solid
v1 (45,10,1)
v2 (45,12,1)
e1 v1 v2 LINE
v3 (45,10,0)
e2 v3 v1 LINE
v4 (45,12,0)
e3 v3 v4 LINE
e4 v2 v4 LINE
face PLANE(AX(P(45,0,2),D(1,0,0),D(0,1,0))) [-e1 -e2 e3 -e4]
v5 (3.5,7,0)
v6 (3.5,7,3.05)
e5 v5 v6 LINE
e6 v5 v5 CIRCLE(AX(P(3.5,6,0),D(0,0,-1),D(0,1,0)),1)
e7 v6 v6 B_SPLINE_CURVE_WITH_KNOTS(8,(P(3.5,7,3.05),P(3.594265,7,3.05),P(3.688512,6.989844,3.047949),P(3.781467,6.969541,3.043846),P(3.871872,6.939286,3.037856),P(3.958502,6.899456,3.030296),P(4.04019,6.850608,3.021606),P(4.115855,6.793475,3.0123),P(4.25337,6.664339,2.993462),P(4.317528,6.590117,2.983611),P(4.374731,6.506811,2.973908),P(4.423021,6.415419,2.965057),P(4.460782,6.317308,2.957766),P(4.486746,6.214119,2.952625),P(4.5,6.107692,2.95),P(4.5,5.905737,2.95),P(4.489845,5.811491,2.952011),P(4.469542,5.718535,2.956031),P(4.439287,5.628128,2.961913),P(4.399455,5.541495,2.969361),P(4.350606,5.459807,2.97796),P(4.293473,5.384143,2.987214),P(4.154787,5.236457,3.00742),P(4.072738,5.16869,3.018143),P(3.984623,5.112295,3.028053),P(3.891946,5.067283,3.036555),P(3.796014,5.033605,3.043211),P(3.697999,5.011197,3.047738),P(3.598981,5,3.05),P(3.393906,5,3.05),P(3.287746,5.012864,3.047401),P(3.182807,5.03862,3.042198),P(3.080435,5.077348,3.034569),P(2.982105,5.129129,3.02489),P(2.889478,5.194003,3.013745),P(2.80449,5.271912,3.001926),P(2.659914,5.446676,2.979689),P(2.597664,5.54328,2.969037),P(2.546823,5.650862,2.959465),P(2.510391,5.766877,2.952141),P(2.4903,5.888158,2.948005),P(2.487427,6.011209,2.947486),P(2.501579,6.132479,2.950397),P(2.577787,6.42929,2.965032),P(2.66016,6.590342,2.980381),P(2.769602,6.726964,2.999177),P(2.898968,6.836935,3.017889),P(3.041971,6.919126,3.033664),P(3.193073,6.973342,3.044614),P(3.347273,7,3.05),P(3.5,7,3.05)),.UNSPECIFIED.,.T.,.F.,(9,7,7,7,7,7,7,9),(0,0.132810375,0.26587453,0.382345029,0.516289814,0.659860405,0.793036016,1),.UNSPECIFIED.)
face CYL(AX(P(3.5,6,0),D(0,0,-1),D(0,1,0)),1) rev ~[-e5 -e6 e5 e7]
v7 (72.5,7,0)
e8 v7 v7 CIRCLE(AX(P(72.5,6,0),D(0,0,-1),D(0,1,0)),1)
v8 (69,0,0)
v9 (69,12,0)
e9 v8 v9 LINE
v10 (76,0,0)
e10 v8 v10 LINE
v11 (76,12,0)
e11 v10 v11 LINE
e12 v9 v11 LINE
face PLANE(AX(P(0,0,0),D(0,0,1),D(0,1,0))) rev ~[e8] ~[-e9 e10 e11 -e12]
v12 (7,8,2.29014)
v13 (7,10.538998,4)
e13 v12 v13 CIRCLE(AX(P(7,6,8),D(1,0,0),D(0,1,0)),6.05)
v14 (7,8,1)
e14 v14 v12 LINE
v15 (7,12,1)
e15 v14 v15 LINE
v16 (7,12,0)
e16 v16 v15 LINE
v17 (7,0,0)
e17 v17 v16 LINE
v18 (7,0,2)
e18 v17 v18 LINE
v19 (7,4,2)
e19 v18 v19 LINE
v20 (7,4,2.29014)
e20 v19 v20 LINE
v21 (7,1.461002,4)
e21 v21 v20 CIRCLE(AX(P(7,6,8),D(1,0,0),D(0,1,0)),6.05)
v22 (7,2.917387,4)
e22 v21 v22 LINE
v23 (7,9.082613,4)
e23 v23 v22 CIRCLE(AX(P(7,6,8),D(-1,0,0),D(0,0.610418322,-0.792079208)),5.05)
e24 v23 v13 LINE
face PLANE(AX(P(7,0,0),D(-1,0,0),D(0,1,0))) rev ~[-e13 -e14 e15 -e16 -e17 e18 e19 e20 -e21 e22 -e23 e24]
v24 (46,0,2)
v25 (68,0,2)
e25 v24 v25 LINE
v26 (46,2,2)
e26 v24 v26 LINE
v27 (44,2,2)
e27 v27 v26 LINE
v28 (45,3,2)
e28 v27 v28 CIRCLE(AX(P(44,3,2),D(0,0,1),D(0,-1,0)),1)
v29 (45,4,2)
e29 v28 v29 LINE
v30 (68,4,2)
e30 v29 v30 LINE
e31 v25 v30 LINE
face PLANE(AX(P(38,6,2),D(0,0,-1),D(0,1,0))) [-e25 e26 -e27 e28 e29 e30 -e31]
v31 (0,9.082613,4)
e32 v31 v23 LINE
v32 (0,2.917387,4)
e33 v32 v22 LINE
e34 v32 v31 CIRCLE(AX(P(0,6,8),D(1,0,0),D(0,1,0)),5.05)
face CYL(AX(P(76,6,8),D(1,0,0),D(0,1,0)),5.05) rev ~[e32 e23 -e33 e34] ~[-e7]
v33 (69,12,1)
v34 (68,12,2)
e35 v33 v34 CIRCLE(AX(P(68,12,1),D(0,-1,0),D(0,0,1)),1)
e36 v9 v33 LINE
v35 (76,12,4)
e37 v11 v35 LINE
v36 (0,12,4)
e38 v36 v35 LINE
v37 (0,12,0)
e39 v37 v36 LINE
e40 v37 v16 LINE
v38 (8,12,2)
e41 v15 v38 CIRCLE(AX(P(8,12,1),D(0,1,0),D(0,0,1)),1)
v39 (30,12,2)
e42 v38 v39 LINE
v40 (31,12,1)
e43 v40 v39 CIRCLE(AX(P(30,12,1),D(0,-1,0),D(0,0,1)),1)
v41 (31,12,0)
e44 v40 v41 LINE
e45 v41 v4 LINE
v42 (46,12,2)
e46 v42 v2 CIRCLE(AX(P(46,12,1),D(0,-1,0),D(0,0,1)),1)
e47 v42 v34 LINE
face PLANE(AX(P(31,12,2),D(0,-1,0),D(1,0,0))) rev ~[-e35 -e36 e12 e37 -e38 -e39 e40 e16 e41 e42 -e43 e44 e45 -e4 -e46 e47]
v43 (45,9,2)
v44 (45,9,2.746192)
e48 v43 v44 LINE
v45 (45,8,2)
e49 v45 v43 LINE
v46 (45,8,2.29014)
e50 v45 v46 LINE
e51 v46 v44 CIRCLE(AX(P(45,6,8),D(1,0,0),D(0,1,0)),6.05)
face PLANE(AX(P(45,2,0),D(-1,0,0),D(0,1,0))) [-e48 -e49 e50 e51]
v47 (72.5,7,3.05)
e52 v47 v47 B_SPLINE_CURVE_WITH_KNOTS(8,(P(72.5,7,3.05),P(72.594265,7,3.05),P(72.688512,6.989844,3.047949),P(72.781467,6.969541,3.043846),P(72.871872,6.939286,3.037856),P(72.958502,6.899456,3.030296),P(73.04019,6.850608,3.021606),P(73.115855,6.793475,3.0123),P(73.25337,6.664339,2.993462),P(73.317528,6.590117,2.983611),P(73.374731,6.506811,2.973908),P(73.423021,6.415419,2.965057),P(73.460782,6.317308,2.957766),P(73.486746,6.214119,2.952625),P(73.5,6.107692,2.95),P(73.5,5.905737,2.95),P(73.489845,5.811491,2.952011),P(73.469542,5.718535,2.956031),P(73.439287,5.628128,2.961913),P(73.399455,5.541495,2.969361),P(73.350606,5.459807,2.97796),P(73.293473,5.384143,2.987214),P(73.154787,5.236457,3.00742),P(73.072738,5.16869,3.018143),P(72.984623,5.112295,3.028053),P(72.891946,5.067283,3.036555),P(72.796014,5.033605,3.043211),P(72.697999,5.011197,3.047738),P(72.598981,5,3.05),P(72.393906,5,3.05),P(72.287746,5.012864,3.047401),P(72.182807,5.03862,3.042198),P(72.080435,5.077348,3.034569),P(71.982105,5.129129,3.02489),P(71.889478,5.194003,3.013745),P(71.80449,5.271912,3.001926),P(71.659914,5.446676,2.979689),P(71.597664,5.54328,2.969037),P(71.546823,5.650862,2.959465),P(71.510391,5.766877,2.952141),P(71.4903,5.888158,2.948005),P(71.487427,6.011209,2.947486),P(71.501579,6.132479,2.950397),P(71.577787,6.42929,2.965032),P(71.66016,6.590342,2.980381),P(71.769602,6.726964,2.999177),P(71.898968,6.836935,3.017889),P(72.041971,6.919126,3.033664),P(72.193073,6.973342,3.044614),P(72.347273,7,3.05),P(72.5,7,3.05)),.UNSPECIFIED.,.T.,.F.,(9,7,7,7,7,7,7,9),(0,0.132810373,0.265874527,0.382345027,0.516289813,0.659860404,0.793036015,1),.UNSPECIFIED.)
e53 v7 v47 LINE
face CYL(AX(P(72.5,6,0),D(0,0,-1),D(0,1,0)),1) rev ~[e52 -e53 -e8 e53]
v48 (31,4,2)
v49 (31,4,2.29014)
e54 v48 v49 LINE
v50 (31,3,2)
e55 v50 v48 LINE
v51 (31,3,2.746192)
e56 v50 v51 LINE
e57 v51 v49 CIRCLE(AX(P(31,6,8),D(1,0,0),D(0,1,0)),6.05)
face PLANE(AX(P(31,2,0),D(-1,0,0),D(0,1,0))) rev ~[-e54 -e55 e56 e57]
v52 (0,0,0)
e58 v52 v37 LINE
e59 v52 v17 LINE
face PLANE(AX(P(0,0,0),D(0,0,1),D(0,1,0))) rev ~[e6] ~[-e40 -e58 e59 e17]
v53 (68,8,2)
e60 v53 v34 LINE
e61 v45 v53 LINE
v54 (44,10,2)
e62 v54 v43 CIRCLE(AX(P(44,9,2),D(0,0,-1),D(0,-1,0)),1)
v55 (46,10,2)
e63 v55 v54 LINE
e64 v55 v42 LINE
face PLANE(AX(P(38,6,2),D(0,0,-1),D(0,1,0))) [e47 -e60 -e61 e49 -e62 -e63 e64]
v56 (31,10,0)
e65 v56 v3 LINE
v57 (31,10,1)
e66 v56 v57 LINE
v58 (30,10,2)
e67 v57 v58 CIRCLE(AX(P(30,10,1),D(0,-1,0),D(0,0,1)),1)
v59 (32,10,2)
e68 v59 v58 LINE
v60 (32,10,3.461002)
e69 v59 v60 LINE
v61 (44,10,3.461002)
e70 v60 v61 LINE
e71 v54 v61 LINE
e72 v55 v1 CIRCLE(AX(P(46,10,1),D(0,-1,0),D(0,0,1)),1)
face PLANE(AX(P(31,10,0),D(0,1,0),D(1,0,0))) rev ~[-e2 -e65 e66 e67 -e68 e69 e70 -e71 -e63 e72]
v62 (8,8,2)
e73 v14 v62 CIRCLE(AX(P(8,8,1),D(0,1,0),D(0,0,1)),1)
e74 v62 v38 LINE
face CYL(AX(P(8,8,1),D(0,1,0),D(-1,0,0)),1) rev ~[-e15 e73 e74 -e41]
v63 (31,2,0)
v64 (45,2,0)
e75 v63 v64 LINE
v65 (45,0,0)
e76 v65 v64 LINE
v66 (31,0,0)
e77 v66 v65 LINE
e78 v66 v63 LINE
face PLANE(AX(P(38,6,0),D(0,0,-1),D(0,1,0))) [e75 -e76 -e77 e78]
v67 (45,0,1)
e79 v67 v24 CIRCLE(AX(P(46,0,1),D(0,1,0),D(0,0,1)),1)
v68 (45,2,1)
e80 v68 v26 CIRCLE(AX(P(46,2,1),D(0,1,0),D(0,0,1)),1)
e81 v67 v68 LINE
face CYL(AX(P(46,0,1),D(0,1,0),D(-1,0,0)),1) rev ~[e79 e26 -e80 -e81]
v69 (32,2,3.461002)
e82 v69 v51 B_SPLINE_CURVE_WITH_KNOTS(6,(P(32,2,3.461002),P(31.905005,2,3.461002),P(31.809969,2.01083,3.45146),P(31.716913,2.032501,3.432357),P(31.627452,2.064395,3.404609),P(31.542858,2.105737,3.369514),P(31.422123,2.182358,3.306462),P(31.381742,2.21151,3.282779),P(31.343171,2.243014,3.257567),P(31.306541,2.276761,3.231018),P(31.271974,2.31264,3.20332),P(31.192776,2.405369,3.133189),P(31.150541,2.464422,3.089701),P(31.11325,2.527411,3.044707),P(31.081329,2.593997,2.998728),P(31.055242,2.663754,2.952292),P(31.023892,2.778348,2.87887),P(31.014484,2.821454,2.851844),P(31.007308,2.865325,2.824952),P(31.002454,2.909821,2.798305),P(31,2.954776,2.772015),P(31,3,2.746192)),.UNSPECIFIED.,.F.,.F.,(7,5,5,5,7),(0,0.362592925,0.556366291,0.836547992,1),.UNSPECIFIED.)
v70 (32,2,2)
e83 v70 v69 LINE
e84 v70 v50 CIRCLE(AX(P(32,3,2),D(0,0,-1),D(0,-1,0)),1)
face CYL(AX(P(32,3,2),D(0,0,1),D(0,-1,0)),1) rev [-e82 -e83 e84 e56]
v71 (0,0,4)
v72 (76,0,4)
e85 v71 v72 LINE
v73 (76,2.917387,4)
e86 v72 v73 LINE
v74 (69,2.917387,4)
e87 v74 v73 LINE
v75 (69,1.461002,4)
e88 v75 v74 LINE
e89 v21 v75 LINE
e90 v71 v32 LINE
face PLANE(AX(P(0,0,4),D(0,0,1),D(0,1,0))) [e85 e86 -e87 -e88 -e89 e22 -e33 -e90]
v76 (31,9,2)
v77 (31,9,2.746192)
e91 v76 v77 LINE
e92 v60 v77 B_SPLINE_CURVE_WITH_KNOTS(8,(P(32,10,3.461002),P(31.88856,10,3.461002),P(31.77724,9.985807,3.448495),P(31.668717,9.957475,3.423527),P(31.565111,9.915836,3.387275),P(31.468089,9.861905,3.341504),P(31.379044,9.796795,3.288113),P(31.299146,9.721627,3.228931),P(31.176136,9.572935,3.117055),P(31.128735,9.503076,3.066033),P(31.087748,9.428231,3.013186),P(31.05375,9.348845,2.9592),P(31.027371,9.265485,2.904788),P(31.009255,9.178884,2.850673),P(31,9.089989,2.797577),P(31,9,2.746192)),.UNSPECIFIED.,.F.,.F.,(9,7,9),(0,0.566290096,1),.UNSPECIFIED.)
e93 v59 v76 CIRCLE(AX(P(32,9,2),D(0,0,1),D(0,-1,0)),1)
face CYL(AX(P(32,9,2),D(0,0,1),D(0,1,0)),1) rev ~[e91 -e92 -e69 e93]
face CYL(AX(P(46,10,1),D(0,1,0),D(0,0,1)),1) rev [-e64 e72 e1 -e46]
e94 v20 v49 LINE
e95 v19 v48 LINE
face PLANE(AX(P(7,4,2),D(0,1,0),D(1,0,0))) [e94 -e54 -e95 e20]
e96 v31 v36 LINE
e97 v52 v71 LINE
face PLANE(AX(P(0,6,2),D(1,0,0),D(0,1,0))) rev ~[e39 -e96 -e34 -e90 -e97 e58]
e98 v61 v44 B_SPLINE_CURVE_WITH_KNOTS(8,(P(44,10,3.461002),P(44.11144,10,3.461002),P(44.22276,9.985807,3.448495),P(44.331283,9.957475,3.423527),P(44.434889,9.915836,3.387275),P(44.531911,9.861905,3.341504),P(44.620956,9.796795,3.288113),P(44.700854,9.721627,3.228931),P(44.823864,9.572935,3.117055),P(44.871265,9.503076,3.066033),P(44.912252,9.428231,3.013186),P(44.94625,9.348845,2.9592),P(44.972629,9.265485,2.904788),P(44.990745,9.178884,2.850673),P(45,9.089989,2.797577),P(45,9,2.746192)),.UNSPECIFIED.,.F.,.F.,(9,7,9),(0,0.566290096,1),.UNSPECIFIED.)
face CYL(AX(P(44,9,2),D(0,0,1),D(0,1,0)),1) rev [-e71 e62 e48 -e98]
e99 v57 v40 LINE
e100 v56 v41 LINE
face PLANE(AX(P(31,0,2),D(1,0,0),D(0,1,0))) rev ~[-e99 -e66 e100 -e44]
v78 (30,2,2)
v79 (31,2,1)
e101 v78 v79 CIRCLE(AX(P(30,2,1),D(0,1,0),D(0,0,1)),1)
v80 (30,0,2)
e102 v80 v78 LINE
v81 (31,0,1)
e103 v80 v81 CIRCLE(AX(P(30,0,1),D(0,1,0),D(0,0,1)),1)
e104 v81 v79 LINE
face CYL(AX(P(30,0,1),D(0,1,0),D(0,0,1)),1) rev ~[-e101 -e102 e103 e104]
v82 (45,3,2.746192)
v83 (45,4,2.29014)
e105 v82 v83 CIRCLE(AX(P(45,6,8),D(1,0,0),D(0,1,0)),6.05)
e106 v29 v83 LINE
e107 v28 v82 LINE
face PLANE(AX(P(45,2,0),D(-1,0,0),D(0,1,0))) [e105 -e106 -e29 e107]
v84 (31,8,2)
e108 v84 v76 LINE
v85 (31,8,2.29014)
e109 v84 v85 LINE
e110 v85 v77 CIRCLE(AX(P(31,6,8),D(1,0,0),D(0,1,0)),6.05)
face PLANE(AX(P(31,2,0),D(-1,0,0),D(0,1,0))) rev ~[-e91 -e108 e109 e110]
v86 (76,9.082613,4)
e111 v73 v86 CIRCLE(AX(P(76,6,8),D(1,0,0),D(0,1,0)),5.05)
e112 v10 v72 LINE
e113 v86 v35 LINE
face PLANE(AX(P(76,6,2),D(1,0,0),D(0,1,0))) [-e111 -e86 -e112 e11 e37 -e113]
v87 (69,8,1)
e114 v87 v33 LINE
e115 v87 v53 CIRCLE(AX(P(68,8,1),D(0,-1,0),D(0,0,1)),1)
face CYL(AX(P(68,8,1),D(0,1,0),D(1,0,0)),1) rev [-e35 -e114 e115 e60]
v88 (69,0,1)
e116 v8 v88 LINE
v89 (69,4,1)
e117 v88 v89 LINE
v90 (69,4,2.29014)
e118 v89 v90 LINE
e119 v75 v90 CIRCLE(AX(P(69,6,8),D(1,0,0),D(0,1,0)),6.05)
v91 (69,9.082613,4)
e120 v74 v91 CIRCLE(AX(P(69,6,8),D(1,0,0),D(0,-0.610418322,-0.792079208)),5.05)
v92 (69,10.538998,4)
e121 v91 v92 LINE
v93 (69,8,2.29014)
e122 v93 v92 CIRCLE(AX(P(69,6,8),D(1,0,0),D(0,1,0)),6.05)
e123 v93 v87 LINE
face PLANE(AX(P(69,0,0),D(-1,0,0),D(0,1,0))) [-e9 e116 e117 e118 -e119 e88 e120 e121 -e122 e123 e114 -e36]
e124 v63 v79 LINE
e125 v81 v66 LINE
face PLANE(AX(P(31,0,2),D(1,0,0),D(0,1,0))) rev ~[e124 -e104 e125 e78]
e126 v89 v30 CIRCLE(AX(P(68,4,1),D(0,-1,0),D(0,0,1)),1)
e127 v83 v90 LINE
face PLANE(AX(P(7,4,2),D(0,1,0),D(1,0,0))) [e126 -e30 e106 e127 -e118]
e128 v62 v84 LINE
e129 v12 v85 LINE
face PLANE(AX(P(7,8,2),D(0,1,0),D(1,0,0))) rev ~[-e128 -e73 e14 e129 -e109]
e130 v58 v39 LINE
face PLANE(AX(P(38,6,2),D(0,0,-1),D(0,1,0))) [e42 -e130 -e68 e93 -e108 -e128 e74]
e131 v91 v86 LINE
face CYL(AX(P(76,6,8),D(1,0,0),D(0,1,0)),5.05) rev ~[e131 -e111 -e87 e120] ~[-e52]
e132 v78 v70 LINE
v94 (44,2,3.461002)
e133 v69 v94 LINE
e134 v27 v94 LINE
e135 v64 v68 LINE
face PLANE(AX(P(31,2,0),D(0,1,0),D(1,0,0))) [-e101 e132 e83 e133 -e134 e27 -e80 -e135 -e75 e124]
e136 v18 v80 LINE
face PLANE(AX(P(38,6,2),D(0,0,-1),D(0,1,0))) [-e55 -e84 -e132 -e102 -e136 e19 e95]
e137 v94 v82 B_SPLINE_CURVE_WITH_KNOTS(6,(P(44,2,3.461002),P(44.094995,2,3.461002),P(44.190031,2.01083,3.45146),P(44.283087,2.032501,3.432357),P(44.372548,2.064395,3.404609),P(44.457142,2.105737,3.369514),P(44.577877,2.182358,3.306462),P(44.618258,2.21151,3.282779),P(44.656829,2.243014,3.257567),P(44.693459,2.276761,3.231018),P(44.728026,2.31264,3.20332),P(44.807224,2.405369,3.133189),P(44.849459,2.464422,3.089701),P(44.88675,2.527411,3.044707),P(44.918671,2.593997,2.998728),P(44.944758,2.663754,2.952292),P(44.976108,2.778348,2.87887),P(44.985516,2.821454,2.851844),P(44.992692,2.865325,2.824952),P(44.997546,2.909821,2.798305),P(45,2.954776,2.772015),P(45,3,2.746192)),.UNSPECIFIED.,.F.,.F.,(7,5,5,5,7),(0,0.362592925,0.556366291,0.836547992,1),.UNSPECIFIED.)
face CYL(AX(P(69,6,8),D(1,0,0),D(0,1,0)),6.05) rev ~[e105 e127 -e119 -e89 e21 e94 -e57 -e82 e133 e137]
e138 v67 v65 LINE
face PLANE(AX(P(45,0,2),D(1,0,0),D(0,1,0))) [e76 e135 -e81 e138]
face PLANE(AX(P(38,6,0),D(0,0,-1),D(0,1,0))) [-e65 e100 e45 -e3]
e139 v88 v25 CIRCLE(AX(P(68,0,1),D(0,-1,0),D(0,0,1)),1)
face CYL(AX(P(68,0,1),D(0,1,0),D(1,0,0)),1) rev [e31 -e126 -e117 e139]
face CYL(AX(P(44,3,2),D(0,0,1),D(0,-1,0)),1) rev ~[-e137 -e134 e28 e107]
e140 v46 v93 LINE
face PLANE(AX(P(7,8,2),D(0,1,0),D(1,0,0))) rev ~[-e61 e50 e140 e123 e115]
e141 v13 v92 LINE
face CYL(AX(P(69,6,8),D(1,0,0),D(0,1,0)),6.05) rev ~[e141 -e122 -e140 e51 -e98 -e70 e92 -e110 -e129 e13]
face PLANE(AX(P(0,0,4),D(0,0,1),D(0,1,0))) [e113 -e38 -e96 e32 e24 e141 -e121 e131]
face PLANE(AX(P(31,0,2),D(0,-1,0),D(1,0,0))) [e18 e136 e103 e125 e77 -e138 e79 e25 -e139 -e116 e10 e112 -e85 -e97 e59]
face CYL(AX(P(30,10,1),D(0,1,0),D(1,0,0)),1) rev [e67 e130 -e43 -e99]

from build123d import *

# Parameters (mm, degrees)
SKETCH_W        = 12
SKETCH_H        = 4
PAD_DEPTH       = 76
POCKET_START    = -7
SKETCH001_R     = 6.05
POCKET_DEPTH    = 62
SKETCH002_R     = 5.05
POCKET001_DEPTH = 76.001
SKETCH003_W     = 12
SKETCH003_H     = 62
POCKET002_DEPTH = 2
SKETCH004_W     = 4
SKETCH004_H     = 62
POCKET003_DEPTH = 2.001
SKETCH005_W     = 12
SKETCH005_H     = 14
PAD001_DEPTH    = 2
SKETCH006_W     = 8
SKETCH006_H     = 14
POCKET004_DEPTH = 5
SKETCH007_R     = 1
POCKET005_DEPTH = 4.001
FILLET_R        = 1
FILLET001_R     = 1
FILLET002_R     = 1
FILLET003_R     = 1
FILLET004_R     = 1
FILLET005_R     = 1
FILLET006_R     = 1
FILLET007_R     = 1
FILLET008_R     = 1
FILLET009_R     = 1
FILLET010_R     = 1


with BuildPart() as part:
    # Sketch → Pad (new body)
    with BuildSketch(Plane.YZ):
        with Locations((6, 2)):
            Rectangle(SKETCH_W, SKETCH_H)
    extrude(amount=PAD_DEPTH)

    # Sketch001 (on Face6 of Pad) → Pocket (cut)
    with BuildSketch(Plane.YZ.offset(76).offset(POCKET_START)):
        with Locations((6, 8)):
            Circle(SKETCH001_R)
    extrude(amount=-POCKET_DEPTH, mode=Mode.SUBTRACT)

    # Sketch002 (on Face5 of Pocket) → Pocket001 (cut, through all)
    with BuildSketch(Plane.YZ.offset(76)):
        with Locations((6, 8)):
            Circle(SKETCH002_R)
    extrude(amount=-POCKET001_DEPTH, mode=Mode.SUBTRACT)

    # Sketch003 (on Face1 of Pocket001) → Pocket002 (cut)
    with BuildSketch(Plane.YX):
        with Locations((6, 38)):
            Rectangle(SKETCH003_W, SKETCH003_H)
    extrude(amount=-POCKET002_DEPTH, mode=Mode.SUBTRACT)

    # Sketch004 (on Face12 of Pocket002) → Pocket003 (cut, through all)
    with BuildSketch(Plane.YX.offset(-2)):
        with Locations((6, 38)):
            Rectangle(SKETCH004_W, SKETCH004_H)
    extrude(amount=-POCKET003_DEPTH, mode=Mode.SUBTRACT)

    # Sketch005 (on Face12 of Pocket003) → Pad001 (join)
    with BuildSketch(Plane.YX.offset(-2)):
        with Locations((6, 38)):
            Rectangle(SKETCH005_W, SKETCH005_H)
    extrude(amount=PAD001_DEPTH)

    # Sketch006 (on Face35 of Pad001) → Pocket004 (cut)
    with BuildSketch(Plane.YX):
        with Locations((6, 38)):
            Rectangle(SKETCH006_W, SKETCH006_H)
    extrude(amount=-POCKET004_DEPTH, mode=Mode.SUBTRACT)

    # Sketch007 (on Face10 of Pocket004) → Pocket005 (cut, through all)
    with BuildSketch(Plane.YX):
        with Locations((6, 3.5)):
            Circle(SKETCH007_R)
        with Locations((6, 72.5)):
            Circle(SKETCH007_R)
    extrude(amount=-POCKET005_DEPTH, mode=Mode.SUBTRACT)

    # Fillet
    fillet_edges = [part.edges().sort_by_distance(p)[0] for p in [
        (45, 11, 2),
    ]]
    fillet(fillet_edges, radius=FILLET_R)

    # Fillet001
    fillet001_edges = [part.edges().sort_by_distance(p)[0] for p in [
        (31, 11, 2),
    ]]
    fillet(fillet001_edges, radius=FILLET001_R)

    # Fillet002
    fillet002_edges = [part.edges().sort_by_distance(p)[0] for p in [
        (31, 1, 2),
    ]]
    fillet(fillet002_edges, radius=FILLET002_R)

    # Fillet003
    fillet003_edges = [part.edges().sort_by_distance(p)[0] for p in [
        (45, 1, 2),
    ]]
    fillet(fillet003_edges, radius=FILLET003_R)

    # Fillet004
    fillet004_edges = [part.edges().sort_by_distance(p)[0] for p in [
        (69, 10, 2),
    ]]
    fillet(fillet004_edges, radius=FILLET004_R)

    # Fillet005
    fillet005_edges = [part.edges().sort_by_distance(p)[0] for p in [
        (69, 2, 2),
    ]]
    fillet(fillet005_edges, radius=FILLET005_R)

    # Fillet006
    fillet006_edges = [part.edges().sort_by_distance(p)[0] for p in [
        (7, 10, 2),
    ]]
    fillet(fillet006_edges, radius=FILLET006_R)

    # Fillet007
    fillet007_edges = [part.edges().sort_by_distance(p)[0] for p in [
        (31, 10, 2.730501),
    ]]
    fillet(fillet007_edges, radius=FILLET007_R)

    # Fillet008
    fillet008_edges = [part.edges().sort_by_distance(p)[0] for p in [
        (45, 10, 2.730501),
    ]]
    fillet(fillet008_edges, radius=FILLET008_R)

    # Fillet009
    fillet009_edges = [part.edges().sort_by_distance(p)[0] for p in [
        (31, 2, 2.730501),
    ]]
    fillet(fillet009_edges, radius=FILLET009_R)

    # Fillet010
    fillet010_edges = [part.edges().sort_by_distance(p)[0] for p in [
        (45, 2, 2.730501),
    ]]
    fillet(fillet010_edges, radius=FILLET010_R)


solid = part.part
